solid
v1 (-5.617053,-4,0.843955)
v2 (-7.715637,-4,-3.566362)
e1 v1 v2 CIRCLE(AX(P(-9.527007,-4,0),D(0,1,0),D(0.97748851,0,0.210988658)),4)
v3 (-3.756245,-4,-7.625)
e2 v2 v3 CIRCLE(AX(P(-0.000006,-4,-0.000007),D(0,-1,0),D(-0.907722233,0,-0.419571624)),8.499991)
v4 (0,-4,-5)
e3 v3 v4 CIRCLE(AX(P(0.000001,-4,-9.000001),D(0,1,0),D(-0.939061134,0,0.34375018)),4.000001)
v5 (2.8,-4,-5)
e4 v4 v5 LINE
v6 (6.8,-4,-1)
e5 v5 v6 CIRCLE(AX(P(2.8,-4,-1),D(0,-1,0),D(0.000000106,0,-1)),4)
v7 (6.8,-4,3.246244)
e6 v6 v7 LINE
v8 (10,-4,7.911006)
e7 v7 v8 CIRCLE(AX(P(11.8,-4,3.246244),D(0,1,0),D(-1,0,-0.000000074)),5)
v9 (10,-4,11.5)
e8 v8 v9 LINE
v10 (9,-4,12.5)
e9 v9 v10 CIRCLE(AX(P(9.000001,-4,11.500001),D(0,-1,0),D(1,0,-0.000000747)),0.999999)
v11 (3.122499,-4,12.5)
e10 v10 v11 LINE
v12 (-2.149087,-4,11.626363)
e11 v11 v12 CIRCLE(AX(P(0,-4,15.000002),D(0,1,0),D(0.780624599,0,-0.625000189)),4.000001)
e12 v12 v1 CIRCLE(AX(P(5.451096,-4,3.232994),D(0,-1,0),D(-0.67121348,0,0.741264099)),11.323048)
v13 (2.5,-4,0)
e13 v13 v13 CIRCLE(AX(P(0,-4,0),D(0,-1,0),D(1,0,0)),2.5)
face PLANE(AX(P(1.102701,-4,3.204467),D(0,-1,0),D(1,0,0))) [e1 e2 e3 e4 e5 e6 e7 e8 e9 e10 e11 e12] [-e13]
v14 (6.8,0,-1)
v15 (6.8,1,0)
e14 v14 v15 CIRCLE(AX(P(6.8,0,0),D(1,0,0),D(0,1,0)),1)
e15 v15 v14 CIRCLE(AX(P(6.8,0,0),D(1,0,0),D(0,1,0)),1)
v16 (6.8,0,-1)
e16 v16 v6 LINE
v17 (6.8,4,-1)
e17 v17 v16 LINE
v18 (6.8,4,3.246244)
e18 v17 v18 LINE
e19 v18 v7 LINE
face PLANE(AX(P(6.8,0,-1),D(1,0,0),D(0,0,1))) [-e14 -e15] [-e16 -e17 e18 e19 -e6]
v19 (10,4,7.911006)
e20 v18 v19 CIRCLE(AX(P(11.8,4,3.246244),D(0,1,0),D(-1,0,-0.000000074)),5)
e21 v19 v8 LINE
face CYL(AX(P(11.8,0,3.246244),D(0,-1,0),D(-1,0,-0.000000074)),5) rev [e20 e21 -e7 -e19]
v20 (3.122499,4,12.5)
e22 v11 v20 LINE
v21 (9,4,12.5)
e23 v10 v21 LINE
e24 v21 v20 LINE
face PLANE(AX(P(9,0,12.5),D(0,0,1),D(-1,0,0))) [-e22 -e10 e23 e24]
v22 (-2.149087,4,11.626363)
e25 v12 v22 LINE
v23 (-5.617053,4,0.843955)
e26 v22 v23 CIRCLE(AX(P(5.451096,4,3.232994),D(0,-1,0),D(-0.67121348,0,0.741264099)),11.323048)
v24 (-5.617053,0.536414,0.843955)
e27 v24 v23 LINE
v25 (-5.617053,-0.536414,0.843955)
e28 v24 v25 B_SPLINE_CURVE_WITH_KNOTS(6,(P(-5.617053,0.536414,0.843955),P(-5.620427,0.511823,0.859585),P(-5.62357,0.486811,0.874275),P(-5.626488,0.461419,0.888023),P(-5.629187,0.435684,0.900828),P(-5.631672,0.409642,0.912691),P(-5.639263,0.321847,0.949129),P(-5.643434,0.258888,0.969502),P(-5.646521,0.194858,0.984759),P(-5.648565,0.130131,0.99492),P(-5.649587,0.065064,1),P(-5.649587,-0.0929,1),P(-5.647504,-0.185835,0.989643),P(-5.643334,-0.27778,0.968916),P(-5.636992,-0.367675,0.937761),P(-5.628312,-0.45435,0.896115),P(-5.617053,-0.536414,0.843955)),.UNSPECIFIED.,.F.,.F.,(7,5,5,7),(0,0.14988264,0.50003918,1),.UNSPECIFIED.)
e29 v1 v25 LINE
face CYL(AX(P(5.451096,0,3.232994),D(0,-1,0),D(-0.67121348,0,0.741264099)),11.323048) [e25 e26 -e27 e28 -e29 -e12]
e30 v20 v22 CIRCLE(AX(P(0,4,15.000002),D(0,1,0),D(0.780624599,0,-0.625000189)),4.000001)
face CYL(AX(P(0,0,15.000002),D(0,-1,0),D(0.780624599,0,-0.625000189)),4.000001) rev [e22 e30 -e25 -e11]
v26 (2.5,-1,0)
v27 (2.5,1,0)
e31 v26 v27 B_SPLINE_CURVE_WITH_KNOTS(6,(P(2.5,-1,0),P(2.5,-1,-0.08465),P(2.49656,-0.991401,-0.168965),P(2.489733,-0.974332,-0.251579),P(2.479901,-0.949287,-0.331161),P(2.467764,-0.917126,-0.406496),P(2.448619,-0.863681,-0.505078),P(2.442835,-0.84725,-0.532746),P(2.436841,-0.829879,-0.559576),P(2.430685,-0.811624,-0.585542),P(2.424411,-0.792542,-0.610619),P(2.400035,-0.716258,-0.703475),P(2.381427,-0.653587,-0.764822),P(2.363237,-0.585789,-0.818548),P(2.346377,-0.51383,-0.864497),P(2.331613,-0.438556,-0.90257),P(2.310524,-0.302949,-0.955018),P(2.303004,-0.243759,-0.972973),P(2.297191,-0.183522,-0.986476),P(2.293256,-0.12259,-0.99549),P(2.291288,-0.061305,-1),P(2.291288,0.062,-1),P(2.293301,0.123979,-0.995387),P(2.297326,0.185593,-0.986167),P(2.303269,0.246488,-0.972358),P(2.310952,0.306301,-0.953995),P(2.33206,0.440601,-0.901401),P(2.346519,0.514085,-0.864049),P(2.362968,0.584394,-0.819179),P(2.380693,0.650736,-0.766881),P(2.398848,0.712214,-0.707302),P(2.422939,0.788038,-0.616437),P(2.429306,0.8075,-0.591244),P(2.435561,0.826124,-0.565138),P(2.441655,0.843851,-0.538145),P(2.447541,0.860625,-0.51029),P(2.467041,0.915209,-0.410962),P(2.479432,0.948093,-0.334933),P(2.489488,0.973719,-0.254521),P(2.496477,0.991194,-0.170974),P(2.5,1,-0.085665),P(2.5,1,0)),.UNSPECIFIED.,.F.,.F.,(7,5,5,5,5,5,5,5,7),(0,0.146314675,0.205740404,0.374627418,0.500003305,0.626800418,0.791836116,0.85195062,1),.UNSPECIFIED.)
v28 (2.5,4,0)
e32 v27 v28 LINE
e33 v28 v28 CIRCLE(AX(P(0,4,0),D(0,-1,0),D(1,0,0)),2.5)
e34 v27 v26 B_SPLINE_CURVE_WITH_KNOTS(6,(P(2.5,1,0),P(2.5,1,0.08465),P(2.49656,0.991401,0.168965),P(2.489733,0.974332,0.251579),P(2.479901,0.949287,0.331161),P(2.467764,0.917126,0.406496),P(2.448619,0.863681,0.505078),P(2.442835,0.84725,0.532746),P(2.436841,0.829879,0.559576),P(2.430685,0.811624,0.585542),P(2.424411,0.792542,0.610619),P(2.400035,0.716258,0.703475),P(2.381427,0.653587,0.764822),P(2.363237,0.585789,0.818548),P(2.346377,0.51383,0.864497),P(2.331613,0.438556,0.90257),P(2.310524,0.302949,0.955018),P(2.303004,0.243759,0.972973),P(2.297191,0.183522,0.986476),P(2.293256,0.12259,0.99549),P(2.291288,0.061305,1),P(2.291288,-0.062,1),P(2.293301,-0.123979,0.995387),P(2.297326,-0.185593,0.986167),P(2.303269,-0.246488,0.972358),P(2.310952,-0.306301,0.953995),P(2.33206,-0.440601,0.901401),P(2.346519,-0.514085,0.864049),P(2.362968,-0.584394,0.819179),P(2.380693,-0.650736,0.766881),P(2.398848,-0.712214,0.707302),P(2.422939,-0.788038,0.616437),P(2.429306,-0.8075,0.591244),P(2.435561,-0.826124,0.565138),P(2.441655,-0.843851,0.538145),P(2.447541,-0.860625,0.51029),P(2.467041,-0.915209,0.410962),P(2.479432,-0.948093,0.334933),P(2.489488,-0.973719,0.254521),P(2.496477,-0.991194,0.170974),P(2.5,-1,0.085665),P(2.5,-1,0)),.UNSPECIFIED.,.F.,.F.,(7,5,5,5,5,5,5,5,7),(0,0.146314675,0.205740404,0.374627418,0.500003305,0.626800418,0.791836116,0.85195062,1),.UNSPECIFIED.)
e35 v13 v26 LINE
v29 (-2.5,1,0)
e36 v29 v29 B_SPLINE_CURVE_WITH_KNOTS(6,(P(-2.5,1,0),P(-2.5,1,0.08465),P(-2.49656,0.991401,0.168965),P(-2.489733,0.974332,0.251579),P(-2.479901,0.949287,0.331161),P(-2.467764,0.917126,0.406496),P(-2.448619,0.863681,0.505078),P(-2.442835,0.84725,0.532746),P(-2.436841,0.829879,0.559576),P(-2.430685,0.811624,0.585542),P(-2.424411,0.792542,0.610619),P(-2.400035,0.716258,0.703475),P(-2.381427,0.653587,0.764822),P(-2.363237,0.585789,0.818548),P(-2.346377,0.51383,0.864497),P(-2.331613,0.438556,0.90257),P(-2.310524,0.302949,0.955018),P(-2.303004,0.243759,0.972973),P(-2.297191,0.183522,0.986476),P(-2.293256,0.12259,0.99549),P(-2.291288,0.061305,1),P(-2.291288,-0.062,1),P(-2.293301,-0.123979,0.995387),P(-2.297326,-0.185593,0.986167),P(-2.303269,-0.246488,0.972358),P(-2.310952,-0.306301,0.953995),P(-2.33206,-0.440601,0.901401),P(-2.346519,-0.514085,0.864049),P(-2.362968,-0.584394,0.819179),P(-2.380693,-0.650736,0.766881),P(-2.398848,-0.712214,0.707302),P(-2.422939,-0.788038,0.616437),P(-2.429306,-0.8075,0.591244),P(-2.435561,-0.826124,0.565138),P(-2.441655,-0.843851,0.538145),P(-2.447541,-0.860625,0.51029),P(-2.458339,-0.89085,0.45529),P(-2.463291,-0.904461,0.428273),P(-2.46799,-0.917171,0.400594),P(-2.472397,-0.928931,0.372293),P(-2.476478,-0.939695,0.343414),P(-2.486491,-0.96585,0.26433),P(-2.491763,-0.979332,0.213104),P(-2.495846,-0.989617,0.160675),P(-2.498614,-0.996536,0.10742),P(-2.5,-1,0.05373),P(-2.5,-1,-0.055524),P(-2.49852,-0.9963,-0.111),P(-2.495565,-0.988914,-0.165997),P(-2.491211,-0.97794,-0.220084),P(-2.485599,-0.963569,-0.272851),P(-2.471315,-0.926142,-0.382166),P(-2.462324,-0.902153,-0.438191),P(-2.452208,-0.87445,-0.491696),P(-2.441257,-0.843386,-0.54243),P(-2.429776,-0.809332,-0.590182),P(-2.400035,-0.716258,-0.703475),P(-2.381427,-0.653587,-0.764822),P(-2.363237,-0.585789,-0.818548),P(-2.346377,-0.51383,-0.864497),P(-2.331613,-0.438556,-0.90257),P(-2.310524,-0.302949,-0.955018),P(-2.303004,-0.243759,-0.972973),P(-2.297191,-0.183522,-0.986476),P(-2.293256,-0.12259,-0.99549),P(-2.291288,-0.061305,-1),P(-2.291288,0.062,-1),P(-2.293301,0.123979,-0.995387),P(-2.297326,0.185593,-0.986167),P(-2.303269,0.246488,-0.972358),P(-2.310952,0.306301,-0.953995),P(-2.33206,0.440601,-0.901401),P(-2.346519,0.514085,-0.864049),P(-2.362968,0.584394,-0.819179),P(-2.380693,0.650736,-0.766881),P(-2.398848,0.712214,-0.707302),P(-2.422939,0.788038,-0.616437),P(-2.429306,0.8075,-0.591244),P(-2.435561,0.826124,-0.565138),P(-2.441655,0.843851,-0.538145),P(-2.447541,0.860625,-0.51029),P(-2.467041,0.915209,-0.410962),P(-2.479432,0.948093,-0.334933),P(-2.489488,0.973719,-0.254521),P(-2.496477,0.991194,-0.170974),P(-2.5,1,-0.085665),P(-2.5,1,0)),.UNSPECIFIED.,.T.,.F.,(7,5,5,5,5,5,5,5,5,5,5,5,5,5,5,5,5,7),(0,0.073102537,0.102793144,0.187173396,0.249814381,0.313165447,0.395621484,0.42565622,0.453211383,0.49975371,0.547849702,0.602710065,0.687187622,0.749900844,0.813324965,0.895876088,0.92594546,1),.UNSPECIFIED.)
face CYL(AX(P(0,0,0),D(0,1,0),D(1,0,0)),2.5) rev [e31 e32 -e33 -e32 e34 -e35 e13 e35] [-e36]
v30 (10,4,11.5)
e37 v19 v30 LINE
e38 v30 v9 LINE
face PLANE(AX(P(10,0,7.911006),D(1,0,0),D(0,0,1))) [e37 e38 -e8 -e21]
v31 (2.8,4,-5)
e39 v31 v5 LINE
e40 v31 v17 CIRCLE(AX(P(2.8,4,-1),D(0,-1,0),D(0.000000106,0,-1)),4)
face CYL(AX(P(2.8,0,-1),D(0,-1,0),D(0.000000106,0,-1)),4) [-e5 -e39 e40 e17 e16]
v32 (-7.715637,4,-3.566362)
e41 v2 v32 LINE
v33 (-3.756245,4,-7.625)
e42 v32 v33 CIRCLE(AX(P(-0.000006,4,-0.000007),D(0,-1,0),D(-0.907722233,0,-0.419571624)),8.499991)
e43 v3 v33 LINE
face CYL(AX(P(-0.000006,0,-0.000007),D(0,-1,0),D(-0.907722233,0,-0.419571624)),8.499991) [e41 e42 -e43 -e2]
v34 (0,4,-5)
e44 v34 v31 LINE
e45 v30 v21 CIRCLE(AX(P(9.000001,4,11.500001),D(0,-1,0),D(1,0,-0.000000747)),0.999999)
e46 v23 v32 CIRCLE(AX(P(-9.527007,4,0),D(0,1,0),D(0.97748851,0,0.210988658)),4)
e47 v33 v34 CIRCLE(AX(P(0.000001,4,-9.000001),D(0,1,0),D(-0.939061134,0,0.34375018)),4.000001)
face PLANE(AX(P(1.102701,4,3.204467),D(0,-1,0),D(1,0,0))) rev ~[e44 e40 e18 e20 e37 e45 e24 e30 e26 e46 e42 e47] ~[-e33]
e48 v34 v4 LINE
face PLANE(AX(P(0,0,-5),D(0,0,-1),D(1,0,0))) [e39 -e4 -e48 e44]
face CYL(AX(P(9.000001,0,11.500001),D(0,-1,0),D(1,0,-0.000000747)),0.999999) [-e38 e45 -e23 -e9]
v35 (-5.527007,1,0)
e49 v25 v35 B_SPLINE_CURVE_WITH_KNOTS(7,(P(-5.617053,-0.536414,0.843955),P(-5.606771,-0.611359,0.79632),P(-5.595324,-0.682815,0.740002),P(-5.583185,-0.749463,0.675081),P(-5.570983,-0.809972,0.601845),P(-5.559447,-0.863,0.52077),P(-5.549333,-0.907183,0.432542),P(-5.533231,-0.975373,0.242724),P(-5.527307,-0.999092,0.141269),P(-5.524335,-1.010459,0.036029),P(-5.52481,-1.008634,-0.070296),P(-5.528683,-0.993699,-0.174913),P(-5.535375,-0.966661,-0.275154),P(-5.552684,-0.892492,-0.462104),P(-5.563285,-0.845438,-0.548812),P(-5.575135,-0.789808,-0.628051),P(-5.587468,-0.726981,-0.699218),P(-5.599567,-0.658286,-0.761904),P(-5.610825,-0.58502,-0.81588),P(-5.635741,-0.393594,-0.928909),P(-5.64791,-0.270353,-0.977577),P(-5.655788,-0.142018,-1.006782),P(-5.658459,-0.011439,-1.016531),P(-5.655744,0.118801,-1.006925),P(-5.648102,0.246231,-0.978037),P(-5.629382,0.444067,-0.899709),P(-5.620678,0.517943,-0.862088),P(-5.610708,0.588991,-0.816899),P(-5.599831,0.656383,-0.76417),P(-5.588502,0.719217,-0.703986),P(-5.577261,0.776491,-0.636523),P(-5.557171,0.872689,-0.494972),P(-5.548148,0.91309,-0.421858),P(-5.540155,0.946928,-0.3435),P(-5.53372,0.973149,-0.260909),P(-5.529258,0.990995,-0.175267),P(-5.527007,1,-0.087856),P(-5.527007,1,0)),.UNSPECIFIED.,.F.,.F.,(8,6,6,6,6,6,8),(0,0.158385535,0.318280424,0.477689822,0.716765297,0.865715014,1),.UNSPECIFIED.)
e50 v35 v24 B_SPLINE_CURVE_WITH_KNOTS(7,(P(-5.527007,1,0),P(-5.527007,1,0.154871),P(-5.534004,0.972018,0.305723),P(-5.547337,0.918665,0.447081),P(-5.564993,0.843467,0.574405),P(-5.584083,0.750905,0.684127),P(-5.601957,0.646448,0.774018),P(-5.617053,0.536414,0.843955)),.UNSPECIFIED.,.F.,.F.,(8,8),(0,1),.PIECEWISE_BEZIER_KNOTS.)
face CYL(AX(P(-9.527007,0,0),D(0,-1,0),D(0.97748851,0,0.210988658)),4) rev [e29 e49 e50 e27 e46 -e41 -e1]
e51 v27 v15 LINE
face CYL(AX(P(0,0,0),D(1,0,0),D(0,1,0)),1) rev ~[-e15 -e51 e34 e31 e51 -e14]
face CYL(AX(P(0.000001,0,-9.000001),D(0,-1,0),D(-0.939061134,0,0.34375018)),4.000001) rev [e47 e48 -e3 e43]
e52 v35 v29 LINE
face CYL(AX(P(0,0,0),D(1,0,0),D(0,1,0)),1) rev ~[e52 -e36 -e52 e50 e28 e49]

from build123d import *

# Parameters (mm, degrees)
F0_R     = 2.5
F1_DEPTH = 4
F2_R     = 1
F3_DEPTH = 12.5


with BuildPart() as f1:
    # F0 (on Front) → F1 (new body, symmetric)
    with BuildSketch(Plane.XZ):
        with BuildLine():
            ThreePointArc((-3.756245, -7.625), (-2.291288, -5.721281), (0, -5))
            Line((0, -5), (2.8, -5))
            ThreePointArc((2.8, -5), (5.628427, -3.828427), (6.8, -1))
            Line((6.8, -1), (6.8, 3.246244))
            ThreePointArc((6.8, 3.246244), (7.676894, 6.074671), (10, 7.911006))
            Line((10, 7.911006), (10, 11.5))
            ThreePointArc((10, 11.5), (9.707107, 12.207107), (9, 12.5))
            Line((9, 12.5), (3.122499, 12.5))
            ThreePointArc((3.122499, 12.5), (0.653982, 11.053824), (-2.149087, 11.626363))
            ThreePointArc((-2.149087, 11.626363), (-5.328131, 6.699937), (-5.617053, 0.843955))
            ThreePointArc((-5.617053, 0.843955), (-5.915067, -1.718688), (-7.715637, -3.566362))
            ThreePointArc((-7.715637, -3.566362), (-6.084337, -5.935558), (-3.756245, -7.625))
        make_face()
        Circle(F0_R, mode=Mode.SUBTRACT)
    extrude(amount=F1_DEPTH, both=True)

    # F2 (on Right) → F3 (cut, symmetric)
    with BuildSketch(Plane.YZ):
        Circle(F2_R)
    extrude(amount=F3_DEPTH, both=True, mode=Mode.SUBTRACT)


solid = f1.part
